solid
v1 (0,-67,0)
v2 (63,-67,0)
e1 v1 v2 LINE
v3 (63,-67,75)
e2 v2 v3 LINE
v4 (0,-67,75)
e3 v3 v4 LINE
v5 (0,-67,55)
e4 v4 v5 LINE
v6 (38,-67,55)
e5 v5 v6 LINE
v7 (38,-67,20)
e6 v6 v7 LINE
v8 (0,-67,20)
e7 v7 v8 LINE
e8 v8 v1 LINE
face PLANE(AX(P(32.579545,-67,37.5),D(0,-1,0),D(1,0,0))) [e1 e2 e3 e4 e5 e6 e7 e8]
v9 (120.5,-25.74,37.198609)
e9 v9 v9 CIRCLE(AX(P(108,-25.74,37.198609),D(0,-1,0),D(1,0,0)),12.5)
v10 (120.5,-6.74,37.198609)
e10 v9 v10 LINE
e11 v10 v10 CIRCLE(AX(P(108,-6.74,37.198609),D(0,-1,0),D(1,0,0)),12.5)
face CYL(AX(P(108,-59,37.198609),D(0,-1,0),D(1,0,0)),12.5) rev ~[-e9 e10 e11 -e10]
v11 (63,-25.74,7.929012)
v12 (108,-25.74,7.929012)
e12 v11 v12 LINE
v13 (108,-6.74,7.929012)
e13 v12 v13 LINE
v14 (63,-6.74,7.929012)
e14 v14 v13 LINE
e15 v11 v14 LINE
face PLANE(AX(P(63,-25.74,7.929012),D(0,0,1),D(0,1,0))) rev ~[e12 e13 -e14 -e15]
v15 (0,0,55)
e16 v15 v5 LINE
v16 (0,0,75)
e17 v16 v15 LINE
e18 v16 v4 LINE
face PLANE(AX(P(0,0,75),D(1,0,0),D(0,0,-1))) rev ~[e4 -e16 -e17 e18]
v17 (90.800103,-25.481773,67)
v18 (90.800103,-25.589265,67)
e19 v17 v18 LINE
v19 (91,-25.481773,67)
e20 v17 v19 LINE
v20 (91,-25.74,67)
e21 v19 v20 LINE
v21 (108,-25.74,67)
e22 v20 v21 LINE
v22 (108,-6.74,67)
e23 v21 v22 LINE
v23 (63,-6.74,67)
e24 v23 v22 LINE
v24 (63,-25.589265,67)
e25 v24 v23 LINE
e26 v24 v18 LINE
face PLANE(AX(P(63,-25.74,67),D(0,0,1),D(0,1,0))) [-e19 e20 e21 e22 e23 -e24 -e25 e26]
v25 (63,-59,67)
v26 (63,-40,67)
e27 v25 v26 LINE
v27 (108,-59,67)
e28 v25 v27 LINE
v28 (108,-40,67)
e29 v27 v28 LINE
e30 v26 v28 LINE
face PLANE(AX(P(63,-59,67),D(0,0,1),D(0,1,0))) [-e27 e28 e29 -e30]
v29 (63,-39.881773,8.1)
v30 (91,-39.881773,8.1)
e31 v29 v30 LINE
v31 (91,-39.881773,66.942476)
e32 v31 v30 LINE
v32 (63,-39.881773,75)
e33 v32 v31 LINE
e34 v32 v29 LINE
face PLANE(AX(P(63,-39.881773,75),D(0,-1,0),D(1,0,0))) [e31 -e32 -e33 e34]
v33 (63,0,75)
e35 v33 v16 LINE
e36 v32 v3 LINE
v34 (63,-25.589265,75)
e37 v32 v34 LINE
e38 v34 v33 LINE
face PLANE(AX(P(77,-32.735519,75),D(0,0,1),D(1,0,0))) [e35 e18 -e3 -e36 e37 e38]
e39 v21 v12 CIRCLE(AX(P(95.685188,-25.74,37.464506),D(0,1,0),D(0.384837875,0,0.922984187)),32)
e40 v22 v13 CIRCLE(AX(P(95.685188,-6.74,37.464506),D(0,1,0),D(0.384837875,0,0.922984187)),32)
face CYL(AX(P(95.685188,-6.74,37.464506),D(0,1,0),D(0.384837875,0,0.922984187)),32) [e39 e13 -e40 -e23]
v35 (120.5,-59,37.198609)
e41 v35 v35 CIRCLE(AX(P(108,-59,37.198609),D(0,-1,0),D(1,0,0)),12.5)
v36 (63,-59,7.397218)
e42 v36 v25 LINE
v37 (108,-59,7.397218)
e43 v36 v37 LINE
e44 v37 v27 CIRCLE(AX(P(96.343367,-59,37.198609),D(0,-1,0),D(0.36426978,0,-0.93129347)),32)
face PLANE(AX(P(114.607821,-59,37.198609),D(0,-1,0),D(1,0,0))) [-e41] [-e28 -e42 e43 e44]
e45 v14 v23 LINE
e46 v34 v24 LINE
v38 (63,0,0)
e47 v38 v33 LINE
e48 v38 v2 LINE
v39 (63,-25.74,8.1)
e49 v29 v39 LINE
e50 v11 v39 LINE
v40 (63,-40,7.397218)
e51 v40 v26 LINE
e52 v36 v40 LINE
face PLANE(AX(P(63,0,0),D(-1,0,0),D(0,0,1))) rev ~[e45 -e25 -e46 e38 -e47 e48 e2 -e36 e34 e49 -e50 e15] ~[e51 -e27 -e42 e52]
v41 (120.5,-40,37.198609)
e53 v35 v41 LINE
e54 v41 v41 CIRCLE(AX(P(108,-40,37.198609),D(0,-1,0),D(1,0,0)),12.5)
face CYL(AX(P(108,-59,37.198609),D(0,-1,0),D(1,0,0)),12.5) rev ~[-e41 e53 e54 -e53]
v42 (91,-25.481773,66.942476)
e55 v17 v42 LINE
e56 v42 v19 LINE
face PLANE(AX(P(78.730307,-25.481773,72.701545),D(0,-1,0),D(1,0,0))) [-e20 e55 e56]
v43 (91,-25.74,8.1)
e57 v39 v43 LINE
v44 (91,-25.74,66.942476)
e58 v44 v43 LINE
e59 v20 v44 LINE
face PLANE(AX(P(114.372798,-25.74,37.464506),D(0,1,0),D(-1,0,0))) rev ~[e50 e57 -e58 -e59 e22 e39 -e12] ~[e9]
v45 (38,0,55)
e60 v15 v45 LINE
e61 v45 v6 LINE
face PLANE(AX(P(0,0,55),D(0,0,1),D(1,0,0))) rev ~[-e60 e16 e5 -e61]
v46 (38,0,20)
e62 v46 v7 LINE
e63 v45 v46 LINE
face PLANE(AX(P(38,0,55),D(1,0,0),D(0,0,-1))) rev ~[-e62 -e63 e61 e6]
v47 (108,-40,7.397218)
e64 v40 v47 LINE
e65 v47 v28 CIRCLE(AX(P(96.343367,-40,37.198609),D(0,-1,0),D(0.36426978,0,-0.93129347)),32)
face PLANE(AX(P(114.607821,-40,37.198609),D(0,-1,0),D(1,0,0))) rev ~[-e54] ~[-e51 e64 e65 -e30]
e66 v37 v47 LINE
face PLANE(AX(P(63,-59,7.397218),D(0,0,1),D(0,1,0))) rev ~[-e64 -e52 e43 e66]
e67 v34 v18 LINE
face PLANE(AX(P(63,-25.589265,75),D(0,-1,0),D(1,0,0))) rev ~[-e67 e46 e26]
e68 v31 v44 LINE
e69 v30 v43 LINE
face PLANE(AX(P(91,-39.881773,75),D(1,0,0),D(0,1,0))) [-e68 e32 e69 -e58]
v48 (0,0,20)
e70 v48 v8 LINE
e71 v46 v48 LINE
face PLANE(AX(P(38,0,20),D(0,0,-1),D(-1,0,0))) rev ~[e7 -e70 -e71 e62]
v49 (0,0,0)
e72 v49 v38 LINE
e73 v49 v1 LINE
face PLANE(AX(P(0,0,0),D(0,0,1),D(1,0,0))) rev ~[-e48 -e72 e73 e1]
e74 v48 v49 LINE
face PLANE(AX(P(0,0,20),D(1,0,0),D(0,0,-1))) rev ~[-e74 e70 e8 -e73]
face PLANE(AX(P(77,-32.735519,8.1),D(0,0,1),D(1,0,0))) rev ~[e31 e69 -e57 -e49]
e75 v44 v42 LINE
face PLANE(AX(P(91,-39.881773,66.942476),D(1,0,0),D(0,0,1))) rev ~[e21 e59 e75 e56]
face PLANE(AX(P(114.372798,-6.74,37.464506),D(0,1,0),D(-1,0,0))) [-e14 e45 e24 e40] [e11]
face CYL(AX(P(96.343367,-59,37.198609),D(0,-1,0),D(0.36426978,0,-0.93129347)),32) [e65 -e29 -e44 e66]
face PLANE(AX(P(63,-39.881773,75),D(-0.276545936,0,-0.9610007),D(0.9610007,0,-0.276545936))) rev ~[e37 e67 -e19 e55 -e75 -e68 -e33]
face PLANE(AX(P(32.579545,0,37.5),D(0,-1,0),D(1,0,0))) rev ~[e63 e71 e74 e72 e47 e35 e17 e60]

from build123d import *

# Parameters (mm, degrees)
F1_DEPTH  = 67
F2_W      = 19
F2_H      = 59.602782
F3_DEPTH  = 45
F4_W      = 19
F4_H      = 59.070988
F5_DEPTH  = 45
F7_DEPTH  = 19
F9_DEPTH  = 19
F10_W     = 28
F10_H     = 14.292508
F11_DEPTH = 66.9
F13_DEPTH = 14.4
F14_R     = 12.5
F15_DEPTH = 65.5


with BuildPart() as f1:
    # F0 (on Front) → F1 (new body)
    with BuildSketch(Plane.XZ):
        Polygon((0, 20), (0, 0), (63, 0), (63, 75), (0, 75), (0, 55), (38, 55), (38, 20), align=None)
    extrude(amount=F1_DEPTH)

    # F2 (on face) → F3 (join)
    with BuildSketch(Plane.YZ.offset(63)):
        with Locations((-49.5, 37.198609)):
            Rectangle(F2_W, F2_H)
    extrude(amount=F3_DEPTH)

    # F4 (on face) → F5 (join)
    with BuildSketch(Plane.YZ.offset(63)):
        with Locations((-16.24, 37.464506)):
            Rectangle(F4_W, F4_H)
    extrude(amount=F5_DEPTH)

    # F6 (on face) → F7 (join)
    with BuildSketch(Plane.XZ.offset(59)):
        with BuildLine():
            Line((108, 67), (108, 7.397218))
            ThreePointArc((108, 7.397218), (128.343367, 37.198609), (108, 67))
        make_face()
    extrude(amount=-F7_DEPTH)

    # F8 (on face) → F9 (join)
    with BuildSketch(Plane(origin=(0, -6.74, 0), x_dir=(-1, 0, 0), z_dir=(0, 1, 0))):
        with BuildLine():
            Line((-108, 7.929012), (-108, 67))
            ThreePointArc((-108, 67), (-127.685188, 37.464506), (-108, 7.929012))
        make_face()
    extrude(amount=-F9_DEPTH)

    # F10 (on face) → F11 (join)
    with BuildSketch(Plane.XY.offset(75)):
        with Locations((77, -32.735519)):
            Rectangle(F10_W, F10_H)
    extrude(amount=-F11_DEPTH)

    # F12 (on face) → F13 (cut)
    with BuildSketch(Plane.XZ.offset(39.881773)):
        Polygon((63, 75), (91, 66.942476), (91, 75), align=None)
    extrude(amount=-F13_DEPTH, mode=Mode.SUBTRACT)

    # F14 (on face) → F15 (cut)
    with BuildSketch(Plane.XZ.offset(59)):
        with Locations((108, 37.198609)):
            Circle(F14_R)
    extrude(amount=-F15_DEPTH, mode=Mode.SUBTRACT)


solid = f1.part
